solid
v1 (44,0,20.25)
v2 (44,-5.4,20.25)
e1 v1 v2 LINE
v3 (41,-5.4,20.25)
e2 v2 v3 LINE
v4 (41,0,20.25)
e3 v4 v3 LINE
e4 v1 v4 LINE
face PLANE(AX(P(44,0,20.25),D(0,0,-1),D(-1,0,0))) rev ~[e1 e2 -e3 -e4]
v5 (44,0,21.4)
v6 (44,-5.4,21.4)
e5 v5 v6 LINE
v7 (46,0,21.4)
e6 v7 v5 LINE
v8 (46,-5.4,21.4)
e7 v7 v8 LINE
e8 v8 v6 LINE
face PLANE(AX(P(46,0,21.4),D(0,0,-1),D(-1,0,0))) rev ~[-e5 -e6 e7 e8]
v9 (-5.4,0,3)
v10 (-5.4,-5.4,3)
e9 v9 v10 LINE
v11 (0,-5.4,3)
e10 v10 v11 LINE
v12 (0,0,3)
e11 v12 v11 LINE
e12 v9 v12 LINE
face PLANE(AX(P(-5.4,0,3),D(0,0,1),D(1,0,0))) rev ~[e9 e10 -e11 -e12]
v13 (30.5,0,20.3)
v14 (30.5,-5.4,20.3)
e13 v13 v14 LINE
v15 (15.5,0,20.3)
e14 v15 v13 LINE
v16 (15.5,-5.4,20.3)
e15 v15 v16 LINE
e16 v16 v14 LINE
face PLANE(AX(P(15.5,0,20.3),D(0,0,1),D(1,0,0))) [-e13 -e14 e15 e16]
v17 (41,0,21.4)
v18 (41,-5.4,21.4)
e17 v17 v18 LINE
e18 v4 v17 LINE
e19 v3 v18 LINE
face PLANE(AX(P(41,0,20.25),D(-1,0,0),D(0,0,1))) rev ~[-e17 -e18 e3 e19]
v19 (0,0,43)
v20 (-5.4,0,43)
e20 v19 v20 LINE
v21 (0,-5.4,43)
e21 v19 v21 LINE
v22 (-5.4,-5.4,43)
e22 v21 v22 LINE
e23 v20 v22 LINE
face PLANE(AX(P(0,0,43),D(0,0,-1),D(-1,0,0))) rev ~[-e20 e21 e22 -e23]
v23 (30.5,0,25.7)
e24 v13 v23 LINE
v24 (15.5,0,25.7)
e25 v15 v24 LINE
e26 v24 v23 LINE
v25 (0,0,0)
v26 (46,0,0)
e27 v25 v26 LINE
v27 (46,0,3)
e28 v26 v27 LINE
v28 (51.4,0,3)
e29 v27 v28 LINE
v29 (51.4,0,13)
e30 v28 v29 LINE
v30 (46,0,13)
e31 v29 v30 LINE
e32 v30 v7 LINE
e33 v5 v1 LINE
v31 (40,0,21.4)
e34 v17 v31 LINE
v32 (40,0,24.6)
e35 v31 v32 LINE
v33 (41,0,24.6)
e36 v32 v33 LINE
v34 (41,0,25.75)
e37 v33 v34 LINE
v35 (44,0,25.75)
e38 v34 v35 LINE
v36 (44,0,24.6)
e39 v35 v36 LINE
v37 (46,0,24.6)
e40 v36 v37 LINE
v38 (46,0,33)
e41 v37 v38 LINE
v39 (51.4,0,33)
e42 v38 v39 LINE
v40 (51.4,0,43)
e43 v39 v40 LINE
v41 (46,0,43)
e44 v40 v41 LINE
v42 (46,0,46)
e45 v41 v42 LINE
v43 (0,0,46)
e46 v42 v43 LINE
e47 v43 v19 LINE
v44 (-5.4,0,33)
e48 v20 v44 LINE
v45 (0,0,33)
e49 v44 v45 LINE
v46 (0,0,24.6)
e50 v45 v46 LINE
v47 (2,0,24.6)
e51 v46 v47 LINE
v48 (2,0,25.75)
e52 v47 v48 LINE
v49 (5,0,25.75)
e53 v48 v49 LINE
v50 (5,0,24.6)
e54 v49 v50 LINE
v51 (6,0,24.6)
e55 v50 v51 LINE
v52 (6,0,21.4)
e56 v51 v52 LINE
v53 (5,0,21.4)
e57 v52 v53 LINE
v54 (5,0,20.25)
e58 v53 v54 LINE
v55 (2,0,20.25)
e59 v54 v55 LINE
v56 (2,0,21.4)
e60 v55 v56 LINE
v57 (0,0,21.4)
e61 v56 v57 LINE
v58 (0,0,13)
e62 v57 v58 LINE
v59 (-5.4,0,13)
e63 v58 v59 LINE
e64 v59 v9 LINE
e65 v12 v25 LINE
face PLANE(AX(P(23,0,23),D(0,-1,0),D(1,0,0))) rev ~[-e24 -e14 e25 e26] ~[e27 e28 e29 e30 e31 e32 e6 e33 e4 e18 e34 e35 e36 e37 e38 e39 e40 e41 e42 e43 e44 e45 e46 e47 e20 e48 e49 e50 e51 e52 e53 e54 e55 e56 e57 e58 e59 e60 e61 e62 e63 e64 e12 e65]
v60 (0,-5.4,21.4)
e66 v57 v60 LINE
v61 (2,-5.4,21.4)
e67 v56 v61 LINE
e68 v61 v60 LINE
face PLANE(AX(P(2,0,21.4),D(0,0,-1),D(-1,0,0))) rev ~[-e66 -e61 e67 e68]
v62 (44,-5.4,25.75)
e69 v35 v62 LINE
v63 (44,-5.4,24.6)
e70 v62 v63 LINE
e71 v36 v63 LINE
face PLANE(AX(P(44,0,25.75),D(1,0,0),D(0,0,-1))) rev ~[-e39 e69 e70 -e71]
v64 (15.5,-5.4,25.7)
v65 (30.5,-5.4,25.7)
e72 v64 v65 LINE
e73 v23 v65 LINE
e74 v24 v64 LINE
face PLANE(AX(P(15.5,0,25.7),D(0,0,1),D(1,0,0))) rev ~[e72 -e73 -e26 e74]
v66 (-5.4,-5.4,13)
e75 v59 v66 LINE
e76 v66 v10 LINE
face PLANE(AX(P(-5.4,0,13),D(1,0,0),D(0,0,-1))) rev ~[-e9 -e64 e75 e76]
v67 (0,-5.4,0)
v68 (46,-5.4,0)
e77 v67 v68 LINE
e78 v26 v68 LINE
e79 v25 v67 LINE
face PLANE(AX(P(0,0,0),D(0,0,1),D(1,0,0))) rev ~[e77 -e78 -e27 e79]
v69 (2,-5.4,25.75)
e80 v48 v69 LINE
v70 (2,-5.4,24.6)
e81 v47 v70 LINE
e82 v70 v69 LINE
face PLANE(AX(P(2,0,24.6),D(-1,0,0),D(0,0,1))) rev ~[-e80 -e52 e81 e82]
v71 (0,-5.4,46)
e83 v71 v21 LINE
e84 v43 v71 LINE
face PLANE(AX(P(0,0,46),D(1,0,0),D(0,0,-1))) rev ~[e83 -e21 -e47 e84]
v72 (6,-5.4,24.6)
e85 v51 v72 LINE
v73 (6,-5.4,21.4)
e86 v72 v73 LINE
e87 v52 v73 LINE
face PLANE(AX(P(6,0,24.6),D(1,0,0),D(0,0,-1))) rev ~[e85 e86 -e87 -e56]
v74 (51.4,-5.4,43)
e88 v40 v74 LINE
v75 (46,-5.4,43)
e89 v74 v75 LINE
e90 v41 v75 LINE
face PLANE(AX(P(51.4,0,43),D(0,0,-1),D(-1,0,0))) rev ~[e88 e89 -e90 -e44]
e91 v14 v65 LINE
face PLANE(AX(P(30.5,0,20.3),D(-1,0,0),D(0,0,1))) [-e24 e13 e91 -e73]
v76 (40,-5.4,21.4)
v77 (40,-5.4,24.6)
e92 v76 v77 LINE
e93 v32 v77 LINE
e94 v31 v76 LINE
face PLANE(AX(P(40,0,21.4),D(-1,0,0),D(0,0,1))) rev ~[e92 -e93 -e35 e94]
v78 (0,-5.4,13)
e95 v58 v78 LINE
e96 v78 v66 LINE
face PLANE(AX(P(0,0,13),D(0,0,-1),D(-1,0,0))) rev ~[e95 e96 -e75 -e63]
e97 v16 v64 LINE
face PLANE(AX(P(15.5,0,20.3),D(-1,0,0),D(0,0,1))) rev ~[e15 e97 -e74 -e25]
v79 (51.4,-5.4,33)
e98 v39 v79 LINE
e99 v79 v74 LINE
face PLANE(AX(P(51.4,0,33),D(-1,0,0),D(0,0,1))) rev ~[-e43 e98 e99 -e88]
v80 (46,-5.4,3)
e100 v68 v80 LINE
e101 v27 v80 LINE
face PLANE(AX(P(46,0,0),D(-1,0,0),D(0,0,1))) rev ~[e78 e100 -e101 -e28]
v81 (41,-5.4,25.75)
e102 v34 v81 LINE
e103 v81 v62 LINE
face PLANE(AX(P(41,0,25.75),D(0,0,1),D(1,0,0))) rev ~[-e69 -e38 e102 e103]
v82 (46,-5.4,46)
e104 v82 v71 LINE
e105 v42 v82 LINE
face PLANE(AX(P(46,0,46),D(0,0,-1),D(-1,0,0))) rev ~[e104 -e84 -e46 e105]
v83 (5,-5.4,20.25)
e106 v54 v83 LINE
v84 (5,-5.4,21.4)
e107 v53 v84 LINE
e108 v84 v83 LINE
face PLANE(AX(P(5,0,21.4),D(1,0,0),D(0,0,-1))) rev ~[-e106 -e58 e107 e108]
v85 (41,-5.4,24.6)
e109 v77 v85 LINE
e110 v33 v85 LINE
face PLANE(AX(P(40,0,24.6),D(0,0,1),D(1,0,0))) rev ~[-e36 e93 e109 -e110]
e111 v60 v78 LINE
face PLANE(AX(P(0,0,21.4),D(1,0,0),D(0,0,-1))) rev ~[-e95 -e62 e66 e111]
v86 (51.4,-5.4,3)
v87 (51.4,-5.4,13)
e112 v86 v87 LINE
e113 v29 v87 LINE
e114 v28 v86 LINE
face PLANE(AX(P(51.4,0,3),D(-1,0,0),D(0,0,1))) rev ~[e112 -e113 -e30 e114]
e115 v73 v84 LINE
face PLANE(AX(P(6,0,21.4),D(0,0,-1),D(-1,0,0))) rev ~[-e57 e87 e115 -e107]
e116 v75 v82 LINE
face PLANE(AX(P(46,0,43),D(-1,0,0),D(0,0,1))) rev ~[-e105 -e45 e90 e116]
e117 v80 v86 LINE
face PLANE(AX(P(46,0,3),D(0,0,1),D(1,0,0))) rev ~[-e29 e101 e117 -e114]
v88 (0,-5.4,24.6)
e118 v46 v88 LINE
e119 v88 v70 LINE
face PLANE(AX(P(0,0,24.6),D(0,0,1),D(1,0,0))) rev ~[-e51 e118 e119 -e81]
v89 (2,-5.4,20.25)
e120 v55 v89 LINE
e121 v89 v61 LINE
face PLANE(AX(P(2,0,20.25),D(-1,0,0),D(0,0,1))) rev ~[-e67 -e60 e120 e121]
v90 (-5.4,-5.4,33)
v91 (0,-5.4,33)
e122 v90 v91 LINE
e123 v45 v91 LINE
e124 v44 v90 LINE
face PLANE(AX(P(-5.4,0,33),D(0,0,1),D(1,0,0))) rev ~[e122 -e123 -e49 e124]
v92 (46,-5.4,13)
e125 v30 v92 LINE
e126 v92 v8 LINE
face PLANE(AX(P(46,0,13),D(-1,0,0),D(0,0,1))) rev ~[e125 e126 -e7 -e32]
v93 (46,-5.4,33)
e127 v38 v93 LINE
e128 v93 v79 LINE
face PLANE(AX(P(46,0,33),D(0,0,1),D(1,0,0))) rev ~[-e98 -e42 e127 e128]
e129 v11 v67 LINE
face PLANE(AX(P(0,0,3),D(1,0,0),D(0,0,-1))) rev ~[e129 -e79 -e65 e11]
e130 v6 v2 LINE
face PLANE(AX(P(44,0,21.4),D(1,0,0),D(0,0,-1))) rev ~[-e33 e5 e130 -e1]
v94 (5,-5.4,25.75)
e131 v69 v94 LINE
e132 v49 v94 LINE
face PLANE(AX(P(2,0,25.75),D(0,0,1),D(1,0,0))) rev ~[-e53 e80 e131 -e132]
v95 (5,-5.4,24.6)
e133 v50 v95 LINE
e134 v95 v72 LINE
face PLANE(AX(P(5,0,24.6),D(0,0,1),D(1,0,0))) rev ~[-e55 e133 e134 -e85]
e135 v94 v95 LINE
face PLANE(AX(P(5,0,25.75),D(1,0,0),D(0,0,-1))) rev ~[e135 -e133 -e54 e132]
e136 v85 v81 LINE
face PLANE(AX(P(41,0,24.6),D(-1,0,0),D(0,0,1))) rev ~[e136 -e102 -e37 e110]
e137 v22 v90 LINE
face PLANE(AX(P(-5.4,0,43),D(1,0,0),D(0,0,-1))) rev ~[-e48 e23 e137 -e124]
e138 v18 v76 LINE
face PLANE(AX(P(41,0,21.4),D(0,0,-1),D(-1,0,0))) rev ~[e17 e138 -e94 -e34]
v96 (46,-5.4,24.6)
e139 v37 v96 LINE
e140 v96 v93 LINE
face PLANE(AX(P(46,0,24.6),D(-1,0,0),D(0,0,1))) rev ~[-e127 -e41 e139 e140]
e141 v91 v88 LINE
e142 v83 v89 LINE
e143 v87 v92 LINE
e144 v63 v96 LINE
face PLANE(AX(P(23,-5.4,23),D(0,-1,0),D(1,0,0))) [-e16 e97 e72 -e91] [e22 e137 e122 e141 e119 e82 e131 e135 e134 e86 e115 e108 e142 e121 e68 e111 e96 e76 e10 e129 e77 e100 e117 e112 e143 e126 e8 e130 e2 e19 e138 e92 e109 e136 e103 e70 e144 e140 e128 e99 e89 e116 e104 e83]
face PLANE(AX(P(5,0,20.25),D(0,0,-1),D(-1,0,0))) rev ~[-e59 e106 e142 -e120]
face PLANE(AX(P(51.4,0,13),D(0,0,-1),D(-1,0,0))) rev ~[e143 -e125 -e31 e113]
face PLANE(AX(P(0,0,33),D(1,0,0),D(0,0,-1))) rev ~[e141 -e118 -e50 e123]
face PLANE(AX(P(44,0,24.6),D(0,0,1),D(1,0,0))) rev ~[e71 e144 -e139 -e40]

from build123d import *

# Parameters (mm, degrees)
F1_W     = 15
F1_H     = 5.4
F2_DEPTH = 5.4


with BuildPart() as f2:
    # F1 (on Front) → F2 (new body)
    with BuildSketch(Plane.XZ):
        Polygon((0, 3), (0, 0), (46, 0), (46, 3), (51.4, 3), (51.4, 13), (46, 13), (46, 21.4), (44, 21.4), (44, 20.25), (41, 20.25), (41, 21.4), (40, 21.4), (40, 23), (40, 24.6), (41, 24.6), (41, 25.75), (44, 25.75), (44, 24.6), (46, 24.6), (46, 33), (51.4, 33), (51.4, 43), (46, 43), (46, 46), (0, 46), (0, 43), (-5.4, 43), (-5.4, 33), (0, 33), (0, 24.6), (2, 24.6), (2, 25.75), (5, 25.75), (5, 24.6), (6, 24.6), (6, 23), (6, 21.4), (5, 21.4), (5, 20.25), (2, 20.25), (2, 21.4), (0, 21.4), (0, 13), (-5.4, 13), (-5.4, 3), align=None)
        with Locations((23, 23)):
            Rectangle(F1_W, F1_H, mode=Mode.SUBTRACT)
    extrude(amount=F2_DEPTH)


solid = f2.part
